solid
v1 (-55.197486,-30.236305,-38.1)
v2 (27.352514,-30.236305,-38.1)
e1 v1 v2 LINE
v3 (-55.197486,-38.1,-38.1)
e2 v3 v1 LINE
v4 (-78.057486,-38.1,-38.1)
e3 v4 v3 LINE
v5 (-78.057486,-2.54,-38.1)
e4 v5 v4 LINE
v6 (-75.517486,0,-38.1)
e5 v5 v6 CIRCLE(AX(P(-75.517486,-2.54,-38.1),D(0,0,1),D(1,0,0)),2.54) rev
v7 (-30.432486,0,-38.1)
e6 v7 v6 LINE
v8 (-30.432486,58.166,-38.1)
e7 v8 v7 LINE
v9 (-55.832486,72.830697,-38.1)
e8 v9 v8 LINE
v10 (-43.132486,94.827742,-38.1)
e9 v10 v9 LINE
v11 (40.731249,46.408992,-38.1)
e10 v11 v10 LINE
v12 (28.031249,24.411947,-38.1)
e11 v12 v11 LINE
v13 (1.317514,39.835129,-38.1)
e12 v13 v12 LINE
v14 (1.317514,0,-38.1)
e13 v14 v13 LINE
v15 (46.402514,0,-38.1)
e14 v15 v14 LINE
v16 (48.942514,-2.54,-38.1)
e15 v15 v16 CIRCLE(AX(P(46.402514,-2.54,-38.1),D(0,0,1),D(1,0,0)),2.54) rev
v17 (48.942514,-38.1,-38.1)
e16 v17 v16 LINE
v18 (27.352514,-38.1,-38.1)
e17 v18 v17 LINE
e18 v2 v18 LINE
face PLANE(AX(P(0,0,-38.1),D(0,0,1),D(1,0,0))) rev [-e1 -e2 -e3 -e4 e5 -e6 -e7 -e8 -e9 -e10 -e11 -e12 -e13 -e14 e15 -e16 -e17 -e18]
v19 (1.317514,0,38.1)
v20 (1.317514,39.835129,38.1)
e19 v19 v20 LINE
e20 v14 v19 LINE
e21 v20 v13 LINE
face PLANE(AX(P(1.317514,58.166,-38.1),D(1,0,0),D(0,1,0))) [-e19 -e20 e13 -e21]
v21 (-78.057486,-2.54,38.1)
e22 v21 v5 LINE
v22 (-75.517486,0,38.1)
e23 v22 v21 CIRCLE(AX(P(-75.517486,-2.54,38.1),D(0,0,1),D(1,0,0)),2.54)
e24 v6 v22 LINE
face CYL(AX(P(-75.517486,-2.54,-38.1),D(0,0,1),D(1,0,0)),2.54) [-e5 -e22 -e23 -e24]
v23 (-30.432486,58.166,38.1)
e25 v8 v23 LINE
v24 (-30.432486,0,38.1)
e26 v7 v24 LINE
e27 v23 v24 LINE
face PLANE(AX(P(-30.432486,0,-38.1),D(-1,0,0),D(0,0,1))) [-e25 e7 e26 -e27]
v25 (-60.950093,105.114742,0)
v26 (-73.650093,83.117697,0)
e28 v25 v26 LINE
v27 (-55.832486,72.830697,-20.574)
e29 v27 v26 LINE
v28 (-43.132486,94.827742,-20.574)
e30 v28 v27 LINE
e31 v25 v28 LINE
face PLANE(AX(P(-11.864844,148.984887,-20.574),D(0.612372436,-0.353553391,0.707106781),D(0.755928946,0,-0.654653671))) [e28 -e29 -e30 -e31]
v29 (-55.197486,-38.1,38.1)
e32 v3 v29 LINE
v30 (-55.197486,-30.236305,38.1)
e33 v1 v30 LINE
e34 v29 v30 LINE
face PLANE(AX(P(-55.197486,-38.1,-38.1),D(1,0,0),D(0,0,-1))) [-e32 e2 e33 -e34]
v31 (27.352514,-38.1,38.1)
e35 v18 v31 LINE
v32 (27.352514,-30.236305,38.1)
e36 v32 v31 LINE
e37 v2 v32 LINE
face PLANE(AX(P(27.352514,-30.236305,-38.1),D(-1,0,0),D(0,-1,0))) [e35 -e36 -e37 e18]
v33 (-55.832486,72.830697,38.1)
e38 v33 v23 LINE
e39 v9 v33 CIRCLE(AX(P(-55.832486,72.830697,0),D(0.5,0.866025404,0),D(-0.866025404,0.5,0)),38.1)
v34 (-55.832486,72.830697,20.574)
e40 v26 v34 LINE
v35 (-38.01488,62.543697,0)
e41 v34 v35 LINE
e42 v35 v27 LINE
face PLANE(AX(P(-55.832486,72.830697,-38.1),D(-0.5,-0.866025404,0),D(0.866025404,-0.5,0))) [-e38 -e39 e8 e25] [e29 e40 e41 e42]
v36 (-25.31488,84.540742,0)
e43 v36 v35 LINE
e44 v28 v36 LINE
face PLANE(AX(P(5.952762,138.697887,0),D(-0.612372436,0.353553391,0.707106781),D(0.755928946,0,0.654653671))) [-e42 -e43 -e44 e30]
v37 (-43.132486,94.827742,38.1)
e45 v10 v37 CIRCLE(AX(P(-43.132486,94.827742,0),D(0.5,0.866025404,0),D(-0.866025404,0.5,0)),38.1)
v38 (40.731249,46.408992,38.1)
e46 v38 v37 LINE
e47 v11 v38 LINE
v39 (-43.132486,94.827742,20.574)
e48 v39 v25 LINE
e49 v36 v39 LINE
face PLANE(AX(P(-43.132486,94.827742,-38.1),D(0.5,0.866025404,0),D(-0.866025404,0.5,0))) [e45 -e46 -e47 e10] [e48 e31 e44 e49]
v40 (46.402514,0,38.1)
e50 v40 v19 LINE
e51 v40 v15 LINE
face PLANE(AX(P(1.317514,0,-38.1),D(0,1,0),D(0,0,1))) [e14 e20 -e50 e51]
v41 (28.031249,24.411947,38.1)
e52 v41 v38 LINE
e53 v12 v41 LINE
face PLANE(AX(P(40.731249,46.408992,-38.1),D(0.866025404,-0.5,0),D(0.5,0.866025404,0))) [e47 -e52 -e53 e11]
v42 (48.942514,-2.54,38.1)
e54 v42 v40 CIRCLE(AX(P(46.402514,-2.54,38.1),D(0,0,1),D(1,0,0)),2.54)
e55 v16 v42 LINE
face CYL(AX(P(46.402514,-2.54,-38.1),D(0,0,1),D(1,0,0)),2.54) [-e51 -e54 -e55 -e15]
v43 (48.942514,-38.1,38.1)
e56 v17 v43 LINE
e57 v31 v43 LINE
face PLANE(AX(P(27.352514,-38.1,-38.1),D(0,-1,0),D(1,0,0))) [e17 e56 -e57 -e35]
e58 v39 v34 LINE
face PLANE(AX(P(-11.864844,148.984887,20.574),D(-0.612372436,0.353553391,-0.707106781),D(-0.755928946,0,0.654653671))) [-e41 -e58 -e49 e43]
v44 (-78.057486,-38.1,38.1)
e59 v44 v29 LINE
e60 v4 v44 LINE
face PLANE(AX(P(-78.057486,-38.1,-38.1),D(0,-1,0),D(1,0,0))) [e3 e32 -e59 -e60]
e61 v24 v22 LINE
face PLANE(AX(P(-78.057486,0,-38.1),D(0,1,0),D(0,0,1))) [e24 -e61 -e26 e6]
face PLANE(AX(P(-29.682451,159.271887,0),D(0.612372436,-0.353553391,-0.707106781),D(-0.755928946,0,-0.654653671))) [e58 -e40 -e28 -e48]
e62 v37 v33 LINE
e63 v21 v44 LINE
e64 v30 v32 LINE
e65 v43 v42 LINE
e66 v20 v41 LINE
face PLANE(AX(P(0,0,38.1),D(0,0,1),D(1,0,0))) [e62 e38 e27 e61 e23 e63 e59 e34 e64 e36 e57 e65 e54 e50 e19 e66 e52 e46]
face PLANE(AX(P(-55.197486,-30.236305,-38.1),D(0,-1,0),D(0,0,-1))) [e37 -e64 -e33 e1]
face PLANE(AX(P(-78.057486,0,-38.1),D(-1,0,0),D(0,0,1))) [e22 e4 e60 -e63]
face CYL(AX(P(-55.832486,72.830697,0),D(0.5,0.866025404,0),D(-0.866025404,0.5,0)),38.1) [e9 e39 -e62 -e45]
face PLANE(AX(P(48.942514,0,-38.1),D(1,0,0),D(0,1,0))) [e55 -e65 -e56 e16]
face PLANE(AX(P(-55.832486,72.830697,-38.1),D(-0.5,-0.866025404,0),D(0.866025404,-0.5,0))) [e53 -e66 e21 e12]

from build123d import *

# Parameters (mm, degrees)
BOSS_EXTRUDE1_DEPTH      = 38.1
BOSS_EXTRUDE1_DEPTH_BACK = 38.1
FILLET3_R                = 2.54
FILLET4_R                = 2.54
BOSS_EXTRUDE2_DEPTH      = 76.2
SKETCH6_R                = 38.1
BOSS_EXTRUDE3_DEPTH      = 25.4
CUT_EXTRUDE2_DEPTH       = 141.480169548


with BuildPart() as part:
    # Sketch1 → Boss-Extrude1 (new, two sides: drawn at the far end of the back side and taken through both)
    with BuildSketch(Plane.XY.offset(-BOSS_EXTRUDE1_DEPTH_BACK)):
        Polygon((-78.057486297, 0), (-30.432486297, 0), (-30.432486297, 58.166), (1.317513703, 58.166), (1.317513703, 0), (48.942513703, 0), (48.942513703, -38.1), (27.352513703, -38.1), (27.352513703, -30.236305156), (-55.197486297, -30.236305156), (-55.197486297, -38.1), (-78.057486297, -38.1), align=None)
    extrude(amount=BOSS_EXTRUDE1_DEPTH + BOSS_EXTRUDE1_DEPTH_BACK)

    # Fillet3
    fillet3_edges = [part.edges().sort_by_distance(p)[0] for p in [
        (48.942513703, 0, 0),
    ]]
    fillet(fillet3_edges, radius=FILLET3_R)

    # Fillet4
    fillet4_edges = [part.edges().sort_by_distance(p)[0] for p in [
        (-78.057486297, 0, 0),
    ]]
    fillet(fillet4_edges, radius=FILLET4_R)

    # Sketch5 → Boss-Extrude2 (add)
    with BuildSketch(Plane.XY.offset(38.1)):
        Polygon((-55.832486297, 72.830696837), (28.031248742, 24.411946837), (40.731248742, 46.408992094), (-43.132486297, 94.827742094), align=None)
    extrude(amount=-BOSS_EXTRUDE2_DEPTH)

    # Sketch6 → Boss-Extrude3 (add)
    with BuildSketch(Plane(origin=(30.278495244, 52.443892139, 0), x_dir=(0.8660254037844386, -0.5000000000000001, 0), z_dir=(0.5000000000000001, 0.8660254037844386, 0))):
        with Locations((-84.767699909, 0)):
            Circle(SKETCH6_R)
    extrude(amount=-BOSS_EXTRUDE3_DEPTH)

    # Sketch7 → Cut-Extrude2 (cut, through all)
    with BuildSketch(Plane(origin=(17.578495244, 30.446846883, 0), x_dir=(-0.8660254037844386, 0.5000000000000001, 0), z_dir=(-0.5000000000000001, -0.8660254037844386, 0))):
        Polygon((84.767699909, 20.574), (105.341699909, 0), (84.767699909, -20.574), (64.193699909, 0), align=None)
    extrude(amount=-CUT_EXTRUDE2_DEPTH, mode=Mode.SUBTRACT)


solid = part.part
